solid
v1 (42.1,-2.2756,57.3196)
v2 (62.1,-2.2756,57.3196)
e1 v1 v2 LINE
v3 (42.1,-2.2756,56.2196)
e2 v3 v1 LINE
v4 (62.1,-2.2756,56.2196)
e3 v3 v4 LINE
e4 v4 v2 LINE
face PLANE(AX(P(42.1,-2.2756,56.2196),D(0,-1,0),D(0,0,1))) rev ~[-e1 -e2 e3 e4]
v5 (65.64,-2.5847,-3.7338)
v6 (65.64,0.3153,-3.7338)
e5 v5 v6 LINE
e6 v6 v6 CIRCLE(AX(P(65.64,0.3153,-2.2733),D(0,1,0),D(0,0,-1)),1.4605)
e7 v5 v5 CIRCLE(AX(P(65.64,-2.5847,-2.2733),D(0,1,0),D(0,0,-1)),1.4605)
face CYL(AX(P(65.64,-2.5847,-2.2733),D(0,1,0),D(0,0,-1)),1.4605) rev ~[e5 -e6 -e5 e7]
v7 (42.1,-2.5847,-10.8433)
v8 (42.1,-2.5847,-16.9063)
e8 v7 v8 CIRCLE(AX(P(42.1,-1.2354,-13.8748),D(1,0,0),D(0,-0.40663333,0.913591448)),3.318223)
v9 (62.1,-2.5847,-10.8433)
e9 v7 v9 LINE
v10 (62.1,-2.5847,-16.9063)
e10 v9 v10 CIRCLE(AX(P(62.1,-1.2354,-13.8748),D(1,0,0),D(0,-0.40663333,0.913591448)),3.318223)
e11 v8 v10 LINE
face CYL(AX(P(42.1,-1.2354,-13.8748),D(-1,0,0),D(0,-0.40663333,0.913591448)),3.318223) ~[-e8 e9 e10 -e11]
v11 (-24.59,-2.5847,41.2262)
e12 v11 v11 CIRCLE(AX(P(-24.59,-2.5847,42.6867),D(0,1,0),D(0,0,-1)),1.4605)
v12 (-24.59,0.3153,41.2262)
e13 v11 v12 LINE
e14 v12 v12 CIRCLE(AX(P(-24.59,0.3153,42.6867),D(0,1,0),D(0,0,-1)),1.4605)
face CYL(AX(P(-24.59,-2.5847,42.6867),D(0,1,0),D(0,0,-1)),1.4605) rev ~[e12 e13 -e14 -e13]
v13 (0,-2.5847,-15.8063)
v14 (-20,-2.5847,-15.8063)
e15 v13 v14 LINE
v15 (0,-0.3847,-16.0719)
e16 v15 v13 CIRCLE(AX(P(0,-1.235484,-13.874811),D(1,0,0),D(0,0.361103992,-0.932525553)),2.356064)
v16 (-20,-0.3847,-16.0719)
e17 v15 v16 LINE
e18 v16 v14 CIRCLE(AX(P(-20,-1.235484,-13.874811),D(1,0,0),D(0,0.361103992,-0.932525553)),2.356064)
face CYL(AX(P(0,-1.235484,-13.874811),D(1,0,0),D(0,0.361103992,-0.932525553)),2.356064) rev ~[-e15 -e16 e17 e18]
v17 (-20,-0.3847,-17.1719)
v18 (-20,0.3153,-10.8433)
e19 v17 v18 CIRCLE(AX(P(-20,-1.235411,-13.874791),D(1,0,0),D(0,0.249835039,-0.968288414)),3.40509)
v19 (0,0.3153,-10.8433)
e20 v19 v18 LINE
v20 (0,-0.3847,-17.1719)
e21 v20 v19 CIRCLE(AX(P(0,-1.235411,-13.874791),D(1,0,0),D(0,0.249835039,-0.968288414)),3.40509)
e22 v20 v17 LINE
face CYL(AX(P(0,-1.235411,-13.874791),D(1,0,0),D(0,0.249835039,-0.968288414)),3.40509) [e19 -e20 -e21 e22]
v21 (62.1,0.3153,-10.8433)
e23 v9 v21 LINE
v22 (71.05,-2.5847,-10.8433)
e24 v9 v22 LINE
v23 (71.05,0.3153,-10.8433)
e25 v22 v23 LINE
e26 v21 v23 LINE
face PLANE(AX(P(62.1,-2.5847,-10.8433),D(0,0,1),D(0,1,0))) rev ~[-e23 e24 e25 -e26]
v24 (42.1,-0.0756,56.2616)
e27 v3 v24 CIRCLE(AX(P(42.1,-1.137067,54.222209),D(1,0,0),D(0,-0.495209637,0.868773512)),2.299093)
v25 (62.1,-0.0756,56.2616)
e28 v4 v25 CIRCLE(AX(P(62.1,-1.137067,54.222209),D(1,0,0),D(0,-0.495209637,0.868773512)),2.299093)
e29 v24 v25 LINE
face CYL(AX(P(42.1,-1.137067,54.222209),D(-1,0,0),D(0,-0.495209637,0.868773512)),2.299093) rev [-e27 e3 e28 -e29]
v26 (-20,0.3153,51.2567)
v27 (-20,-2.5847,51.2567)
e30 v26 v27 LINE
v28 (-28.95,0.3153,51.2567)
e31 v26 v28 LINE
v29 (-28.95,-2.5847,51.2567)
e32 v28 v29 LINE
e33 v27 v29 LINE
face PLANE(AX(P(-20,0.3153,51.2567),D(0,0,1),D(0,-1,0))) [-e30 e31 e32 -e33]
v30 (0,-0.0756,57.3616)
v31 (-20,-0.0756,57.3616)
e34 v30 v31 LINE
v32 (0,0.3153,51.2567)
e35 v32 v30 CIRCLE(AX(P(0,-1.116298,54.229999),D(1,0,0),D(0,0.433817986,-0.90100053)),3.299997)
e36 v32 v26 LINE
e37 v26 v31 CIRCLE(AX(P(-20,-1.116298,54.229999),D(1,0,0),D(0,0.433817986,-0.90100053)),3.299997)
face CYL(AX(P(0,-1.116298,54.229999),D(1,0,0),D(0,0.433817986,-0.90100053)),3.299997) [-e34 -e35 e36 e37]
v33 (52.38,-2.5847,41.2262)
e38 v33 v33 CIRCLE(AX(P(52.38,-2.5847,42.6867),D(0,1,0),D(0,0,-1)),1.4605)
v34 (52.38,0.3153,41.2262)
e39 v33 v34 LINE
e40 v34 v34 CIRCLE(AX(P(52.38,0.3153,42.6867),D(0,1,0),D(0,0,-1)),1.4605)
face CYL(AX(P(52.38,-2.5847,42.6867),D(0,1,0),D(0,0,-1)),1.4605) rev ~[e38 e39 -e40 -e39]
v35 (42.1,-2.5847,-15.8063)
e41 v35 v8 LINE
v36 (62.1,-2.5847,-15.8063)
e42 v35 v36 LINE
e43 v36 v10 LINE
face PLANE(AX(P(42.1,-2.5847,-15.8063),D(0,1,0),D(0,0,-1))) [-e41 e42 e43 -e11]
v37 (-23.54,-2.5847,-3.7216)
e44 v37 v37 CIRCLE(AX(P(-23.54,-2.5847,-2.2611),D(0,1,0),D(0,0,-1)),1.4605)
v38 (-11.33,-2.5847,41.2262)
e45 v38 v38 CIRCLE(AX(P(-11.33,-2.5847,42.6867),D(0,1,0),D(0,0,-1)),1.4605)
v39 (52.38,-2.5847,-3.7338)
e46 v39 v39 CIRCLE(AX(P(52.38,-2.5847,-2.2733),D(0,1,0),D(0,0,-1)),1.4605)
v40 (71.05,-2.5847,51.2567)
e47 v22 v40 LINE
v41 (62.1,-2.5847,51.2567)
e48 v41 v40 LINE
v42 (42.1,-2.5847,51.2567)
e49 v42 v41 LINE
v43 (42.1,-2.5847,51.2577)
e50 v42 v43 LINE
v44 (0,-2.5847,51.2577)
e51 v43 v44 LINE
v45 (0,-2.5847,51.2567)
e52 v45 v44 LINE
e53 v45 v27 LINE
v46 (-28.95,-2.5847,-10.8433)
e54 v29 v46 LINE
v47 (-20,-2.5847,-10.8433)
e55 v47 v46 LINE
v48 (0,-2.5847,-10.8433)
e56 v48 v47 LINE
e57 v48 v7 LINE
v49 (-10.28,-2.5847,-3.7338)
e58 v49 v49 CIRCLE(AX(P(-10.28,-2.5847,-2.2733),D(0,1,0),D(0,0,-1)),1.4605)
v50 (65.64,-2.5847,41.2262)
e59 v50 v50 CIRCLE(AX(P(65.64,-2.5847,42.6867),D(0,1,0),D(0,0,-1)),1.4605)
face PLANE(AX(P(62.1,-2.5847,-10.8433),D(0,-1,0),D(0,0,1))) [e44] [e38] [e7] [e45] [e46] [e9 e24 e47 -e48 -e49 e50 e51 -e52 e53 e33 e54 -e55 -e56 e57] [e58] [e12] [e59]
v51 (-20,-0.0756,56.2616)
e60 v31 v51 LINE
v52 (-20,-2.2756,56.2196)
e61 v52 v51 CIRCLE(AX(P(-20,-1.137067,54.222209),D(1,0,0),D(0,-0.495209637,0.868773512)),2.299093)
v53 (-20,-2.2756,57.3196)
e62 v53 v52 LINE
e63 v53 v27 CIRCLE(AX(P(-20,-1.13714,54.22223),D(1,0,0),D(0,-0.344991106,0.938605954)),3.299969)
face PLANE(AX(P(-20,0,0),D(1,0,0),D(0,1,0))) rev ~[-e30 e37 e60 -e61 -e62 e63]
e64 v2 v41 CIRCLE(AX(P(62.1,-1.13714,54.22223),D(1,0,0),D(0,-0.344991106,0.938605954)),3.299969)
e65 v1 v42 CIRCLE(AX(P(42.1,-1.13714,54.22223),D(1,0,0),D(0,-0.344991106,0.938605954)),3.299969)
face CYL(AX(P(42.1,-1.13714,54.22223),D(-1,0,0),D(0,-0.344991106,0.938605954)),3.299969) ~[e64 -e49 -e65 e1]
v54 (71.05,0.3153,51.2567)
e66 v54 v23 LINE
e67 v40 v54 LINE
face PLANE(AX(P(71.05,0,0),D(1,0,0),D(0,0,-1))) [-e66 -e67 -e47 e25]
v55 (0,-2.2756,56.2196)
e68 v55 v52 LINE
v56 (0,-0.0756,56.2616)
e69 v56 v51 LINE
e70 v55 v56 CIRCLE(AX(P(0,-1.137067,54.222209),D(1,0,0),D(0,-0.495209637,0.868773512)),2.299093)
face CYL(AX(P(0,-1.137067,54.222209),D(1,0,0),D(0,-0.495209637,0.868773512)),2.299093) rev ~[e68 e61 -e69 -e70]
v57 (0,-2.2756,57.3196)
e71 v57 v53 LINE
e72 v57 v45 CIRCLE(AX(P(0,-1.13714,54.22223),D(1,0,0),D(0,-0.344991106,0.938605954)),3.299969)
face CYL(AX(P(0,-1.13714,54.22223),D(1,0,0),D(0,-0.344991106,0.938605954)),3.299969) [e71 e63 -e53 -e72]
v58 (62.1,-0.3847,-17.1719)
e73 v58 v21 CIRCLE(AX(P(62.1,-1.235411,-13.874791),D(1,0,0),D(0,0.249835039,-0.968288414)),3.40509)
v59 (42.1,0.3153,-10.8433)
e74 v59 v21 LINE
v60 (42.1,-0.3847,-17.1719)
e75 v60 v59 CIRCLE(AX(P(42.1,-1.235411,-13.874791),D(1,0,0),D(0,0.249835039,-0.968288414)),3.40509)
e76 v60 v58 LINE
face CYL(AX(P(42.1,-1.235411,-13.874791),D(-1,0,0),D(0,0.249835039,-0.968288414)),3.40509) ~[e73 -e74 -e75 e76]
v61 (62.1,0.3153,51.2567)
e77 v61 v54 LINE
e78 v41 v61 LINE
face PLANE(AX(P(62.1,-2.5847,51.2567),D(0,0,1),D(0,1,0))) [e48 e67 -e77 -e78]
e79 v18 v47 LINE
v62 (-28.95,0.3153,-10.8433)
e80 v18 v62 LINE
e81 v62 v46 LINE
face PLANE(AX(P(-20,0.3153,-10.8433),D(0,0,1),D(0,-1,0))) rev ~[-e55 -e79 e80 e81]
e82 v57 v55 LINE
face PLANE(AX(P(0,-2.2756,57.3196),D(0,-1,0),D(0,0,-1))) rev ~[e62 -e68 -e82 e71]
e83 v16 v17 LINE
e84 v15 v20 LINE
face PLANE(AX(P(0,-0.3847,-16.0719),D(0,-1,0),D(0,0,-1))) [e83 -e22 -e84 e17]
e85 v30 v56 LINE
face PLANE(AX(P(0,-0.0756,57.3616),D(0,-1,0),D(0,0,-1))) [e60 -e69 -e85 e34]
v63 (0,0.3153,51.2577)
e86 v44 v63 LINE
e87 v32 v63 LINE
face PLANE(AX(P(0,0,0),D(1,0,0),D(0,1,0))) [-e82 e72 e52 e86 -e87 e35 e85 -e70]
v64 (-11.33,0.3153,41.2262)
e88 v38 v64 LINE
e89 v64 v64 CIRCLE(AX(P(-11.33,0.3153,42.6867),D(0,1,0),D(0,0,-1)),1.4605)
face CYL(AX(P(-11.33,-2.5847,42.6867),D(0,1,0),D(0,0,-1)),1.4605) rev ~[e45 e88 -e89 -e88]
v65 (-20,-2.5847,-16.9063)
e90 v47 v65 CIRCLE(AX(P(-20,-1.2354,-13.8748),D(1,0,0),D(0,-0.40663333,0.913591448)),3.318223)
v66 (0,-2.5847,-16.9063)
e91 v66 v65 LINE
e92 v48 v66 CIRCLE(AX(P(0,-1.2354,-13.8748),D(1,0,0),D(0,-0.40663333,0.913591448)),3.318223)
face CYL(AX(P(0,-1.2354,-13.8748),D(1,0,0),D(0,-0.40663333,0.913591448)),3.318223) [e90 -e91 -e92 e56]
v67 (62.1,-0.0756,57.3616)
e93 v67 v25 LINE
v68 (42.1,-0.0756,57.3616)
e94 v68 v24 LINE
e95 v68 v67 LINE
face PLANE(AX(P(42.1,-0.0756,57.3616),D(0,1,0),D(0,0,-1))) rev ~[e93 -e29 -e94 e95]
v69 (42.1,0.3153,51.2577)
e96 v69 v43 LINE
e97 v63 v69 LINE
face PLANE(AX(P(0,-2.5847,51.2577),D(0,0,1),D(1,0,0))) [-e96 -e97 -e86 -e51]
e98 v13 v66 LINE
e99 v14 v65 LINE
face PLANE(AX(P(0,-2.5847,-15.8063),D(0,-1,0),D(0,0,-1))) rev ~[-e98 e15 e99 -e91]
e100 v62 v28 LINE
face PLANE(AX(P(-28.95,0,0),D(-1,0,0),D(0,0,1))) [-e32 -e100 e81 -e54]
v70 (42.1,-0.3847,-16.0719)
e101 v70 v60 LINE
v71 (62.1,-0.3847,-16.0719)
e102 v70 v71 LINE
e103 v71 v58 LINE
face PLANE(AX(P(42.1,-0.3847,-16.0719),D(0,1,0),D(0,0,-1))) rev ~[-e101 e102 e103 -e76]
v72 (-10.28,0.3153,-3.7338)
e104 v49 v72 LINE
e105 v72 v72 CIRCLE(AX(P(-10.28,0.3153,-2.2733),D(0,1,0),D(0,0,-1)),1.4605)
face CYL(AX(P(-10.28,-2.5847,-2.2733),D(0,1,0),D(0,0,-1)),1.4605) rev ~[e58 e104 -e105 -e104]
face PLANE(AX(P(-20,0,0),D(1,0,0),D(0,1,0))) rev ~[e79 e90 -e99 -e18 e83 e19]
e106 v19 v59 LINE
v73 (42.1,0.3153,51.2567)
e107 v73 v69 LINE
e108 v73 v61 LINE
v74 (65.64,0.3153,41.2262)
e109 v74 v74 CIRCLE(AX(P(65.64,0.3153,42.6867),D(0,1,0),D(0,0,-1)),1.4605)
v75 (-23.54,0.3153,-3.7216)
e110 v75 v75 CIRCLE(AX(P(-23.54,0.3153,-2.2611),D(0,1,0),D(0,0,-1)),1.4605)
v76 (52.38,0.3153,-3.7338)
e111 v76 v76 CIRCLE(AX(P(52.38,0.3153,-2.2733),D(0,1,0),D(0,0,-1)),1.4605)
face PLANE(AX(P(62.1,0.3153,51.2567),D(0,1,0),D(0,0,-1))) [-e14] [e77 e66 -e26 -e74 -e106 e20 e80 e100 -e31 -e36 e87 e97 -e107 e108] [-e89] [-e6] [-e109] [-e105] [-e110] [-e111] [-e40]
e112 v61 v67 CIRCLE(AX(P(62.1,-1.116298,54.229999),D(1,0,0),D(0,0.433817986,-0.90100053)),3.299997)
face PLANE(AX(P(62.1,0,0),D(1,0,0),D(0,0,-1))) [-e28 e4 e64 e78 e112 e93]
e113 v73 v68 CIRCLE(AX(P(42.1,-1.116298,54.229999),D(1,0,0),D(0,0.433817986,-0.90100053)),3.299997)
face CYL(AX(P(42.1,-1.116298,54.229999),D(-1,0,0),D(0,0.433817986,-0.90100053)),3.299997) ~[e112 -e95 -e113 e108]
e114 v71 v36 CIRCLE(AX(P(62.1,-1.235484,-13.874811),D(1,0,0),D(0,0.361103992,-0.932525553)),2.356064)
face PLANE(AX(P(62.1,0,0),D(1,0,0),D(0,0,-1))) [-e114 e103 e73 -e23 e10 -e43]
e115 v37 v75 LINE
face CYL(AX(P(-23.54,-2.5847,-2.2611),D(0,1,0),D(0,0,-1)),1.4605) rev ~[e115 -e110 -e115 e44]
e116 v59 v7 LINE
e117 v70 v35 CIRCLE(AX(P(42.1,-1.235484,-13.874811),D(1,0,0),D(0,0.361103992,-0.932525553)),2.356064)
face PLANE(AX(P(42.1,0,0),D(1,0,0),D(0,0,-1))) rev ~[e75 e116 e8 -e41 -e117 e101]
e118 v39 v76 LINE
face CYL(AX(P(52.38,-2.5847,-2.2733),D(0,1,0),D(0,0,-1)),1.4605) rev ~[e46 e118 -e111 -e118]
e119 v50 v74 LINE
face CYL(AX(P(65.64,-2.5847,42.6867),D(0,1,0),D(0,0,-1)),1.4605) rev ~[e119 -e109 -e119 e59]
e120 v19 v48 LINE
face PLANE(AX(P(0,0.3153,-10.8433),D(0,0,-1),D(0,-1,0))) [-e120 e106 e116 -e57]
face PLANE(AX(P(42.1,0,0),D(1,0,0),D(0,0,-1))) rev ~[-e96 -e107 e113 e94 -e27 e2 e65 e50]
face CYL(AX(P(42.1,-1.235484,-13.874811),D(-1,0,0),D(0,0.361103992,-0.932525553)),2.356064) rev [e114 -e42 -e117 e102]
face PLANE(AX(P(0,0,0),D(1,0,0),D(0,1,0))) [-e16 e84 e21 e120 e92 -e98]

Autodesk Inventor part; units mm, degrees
ref_plane "YZ Plane" through (0, 0, 0) normal (1, 0, 0) x (0, 1, 0)
ref_plane "XZ Plane" through (0, 0, 0) normal (0, 1, 0) x (-1, 0, 0)
ref_plane "XY Plane" through (0, 0, 0) normal (0, 0, 1) x (1, 0, 0)
sketch "Sketch1" plane through (0, 0, 0) normal (1, 0, 0) x (0, 1, 0)
  line L0 (0.3153, 51.2567) -> (-2.5847, 51.2567)
  line L1 (-2.5847, 51.2567) -> (-2.5847, -10.8433)
  line L2 (-2.5847, -10.8433) -> (0.3153, -10.8433)
  line L3 (0.3153, -10.8433) -> (0.3153, 51.2567)
  arc A0 (0.3153, 51.2567) -> (-0.0756, 57.3616) centre (-1.1163, 54.23) ccw
  arc A1 (-2.2756, 57.3196) -> (-2.5847, 51.2567) centre (-1.1371, 54.2222) ccw
  line L4 (-2.2756, 57.3196) -> (-2.2756, 56.2196)
  line L5 (-0.0756, 57.3616) -> (-0.0756, 56.2616)
  arc A2 (-2.2756, 56.2196) -> (-0.0756, 56.2616) centre (-1.1371, 54.2222) ccw
  arc A3 (-2.5847, -10.8433) -> (-2.5847, -16.9063) centre (-1.2354, -13.8748) ccw
  arc A4 (-0.3847, -16.0719) -> (-2.5847, -15.8063) centre (-1.2354, -13.8748) ccw
  arc A5 (-0.3847, -17.1719) -> (0.3153, -10.8433) centre (-1.2354, -13.8748) ccw
  line L6 (-2.5847, -15.8063) -> (-2.5847, -16.9063)
  line L7 (-0.3847, -16.0719) -> (-0.3847, -17.1719)
  point P0 (0, 0)
  dimension "d0" = 2.9
  dimension "d1" = 62.1
  dimension "d163" = 1.1
  dimension "d164" = 1.1
  dimension "d165" = 2.2
  dimension "d166" = 2.2991
  dimension "d167" = 3.3
  dimension "d168" = 3.3
  dimension "d171" = 6.063
  dimension "d172" = 6.1049
  dimension "d174" = 6.063
  dimension "d176" = 1.1
  dimension "d177" = 1.1
  dimension "d178" = 2.2
extrude "Extrusion1" add sketch "Sketch1" against normal blind 20
sketch "Sketch3" plane through (0, 0, 0) normal (1, 0, 0) x (0, 0, -1)
  line L0 (10.8433, -2.5847) -> (-51.2567, -2.5847)
  line L1 (-51.2567, 0.3153) -> (10.8433, 0.3153)
  line L2 (10.8433, 0.3153) -> (10.8433, -2.5847)
  line L3 (10.8433, -2.5847) -> (-51.2567, -2.5847)
  line L4 (-51.2567, -2.5847) -> (-51.2567, 0.3153)
  point P0 (0, 0)
extrude "Extrusion2" add sketch "Sketch3" along normal blind 42.1
sketch "Sketch4" plane through (42.1, 0, 0) normal (1, 0, 0) x (0, 0, -1)
  line L0 (10.8433, -2.5847) -> (-51.2567, -2.5847)
  line L1 (10.8433, -2.5847) -> (-51.2567, -2.5847)
  line L2 (-51.2567, -2.5847) -> (-51.2567, 0.3153)
  line L3 (-51.2567, 0.3153) -> (10.8433, 0.3153)
  line L4 (10.8433, 0.3153) -> (10.8433, -2.5847)
  arc A0 (-57.3196, -2.2756) -> (-51.2567, -2.5847) centre (-54.2222, -1.1371) ccw
  arc A1 (-57.3196, -2.2756) -> (-51.2567, -2.5847) centre (-54.2222, -1.1371) ccw
  arc A2 (-51.2567, 0.3153) -> (-57.3616, -0.0756) centre (-54.23, -1.1163) ccw
  arc A3 (-51.2567, 0.3153) -> (-57.3616, -0.0756) centre (-54.2286, -1.1372) ccw
  arc A4 (-56.2196, -2.2756) -> (-56.2616, -0.0756) centre (-54.2222, -1.1371) ccw
  arc A5 (-56.2196, -2.2756) -> (-56.2616, -0.0756) centre (-54.2286, -1.1372) ccw
  line L5 (-56.2196, -2.2756) -> (-57.3196, -2.2756)
  line L6 (-56.2196, -2.2756) -> (-57.3196, -2.2756)
  line L7 (-57.3616, -0.0756) -> (-56.2616, -0.0756)
  line L8 (-56.2616, -0.0756) -> (-57.3616, -0.0756)
  arc A6 (-57.3196, -2.2756) -> (-51.2567, -2.5847) centre (-54.2222, -1.1371) ccw
  line L9 (-51.2567, -2.5847) -> (-51.2567, 0.3153)
  arc A7 (-51.2567, 0.3153) -> (-57.3616, -0.0756) centre (-54.23, -1.1163) ccw
  arc A8 (-56.2196, -2.2756) -> (-56.2616, -0.0756) centre (-54.2222, -1.1371) ccw
  line L10 (-57.3196, -2.2756) -> (-56.2196, -2.2756)
  line L11 (-56.2616, -0.0756) -> (-57.3616, -0.0756)
  line L12 (-56.2616, -0.0756) -> (-57.3616, -0.0756)
  line L13 (-56.2616, -0.0756) -> (-57.3616, -0.0756)
  arc A9 (10.8433, -2.5847) -> (16.9063, -2.5847) centre (13.8748, -1.2354) ccw
  arc A10 (10.8433, -2.5847) -> (16.9063, -2.5847) centre (13.8748, -1.2354) ccw
  arc A11 (17.1719, -0.3847) -> (10.8433, 0.3153) centre (13.8748, -1.2354) ccw
  arc A12 (17.1719, -0.3847) -> (10.8433, 0.3153) centre (13.8748, -1.2354) ccw
  arc A13 (16.0719, -0.3847) -> (15.8063, -2.5847) centre (13.8748, -1.2354) ccw
  arc A14 (16.0719, -0.3847) -> (15.8063, -2.5847) centre (13.8748, -1.2354) ccw
  line L14 (15.8063, -2.5847) -> (16.9063, -2.5847)
  line L15 (16.0719, -0.3847) -> (17.1719, -0.3847)
extrude "Extrusion3" add sketch "Sketch4" along normal blind 20 contours L0 L2 L3 L4 | L4 A11 L15 A13 L14 A9 | A0 L5 A4 L7 A3 L2 | A3 A2
sketch "Sketch9" plane through (0, -2.5847, 51.2567) normal (0, 0, 1) x (1, 0, 0)
  line L0 (0, 2.9) -> (42.1, 2.9) projected
  line L1 (0, 2.9) -> (42.1, 2.9)
  line L2 (42.1, 2.9) -> (42.1, 0)
  line L3 (42.1, 0) -> (0, 0)
  line L4 (0, 0) -> (0, 2.9)
  point P0 (0, 2.5847)
extrude "Extrusion4" add sketch "Sketch9" along normal blind 0.001
sketch "Sketch10" plane through (-20, 0, 0) normal (-1, 0, 0) x (0, 0, 1)
  arc A0 (51.2567, -2.5847) -> (57.3196, -2.2756) centre (54.2222, -1.1371) ccw
  line L0 (-10.8433, 0.3153) -> (-10.8433, -2.5847)
  line L1 (51.2567, -2.5847) -> (-10.8433, -2.5847)
  line L2 (-10.8433, -2.5847) -> (-10.8433, 0.3153)
  line L3 (-10.8433, 0.3153) -> (51.2567, 0.3153)
  line L4 (51.2567, 0.3153) -> (51.2567, -2.5847)
  point P0 (0, 0)
  point P1 (-10.8433, -2.5847)
extrude "Extrusion5" add sketch "Sketch10" along normal blind 8.95
sketch "Sketch11" plane through (62.1, 0, 0) normal (1, 0, 0) x (0, 0, -1)
  line L0 (10.8433, -2.5847) -> (10.8433, 0.3153)
  arc A0 (-51.2567, 0.3153) -> (-57.3616, -0.0756) centre (-54.23, -1.1163) ccw
  line L1 (10.8433, -2.5847) -> (-51.2567, -2.5847)
  line L2 (-51.2567, -2.5847) -> (-51.2567, 0.3153)
  line L3 (-51.2567, 0.3153) -> (10.8433, 0.3153)
  line L4 (10.8433, 0.3153) -> (10.8433, -2.5847)
  point P0 (0, 0)
  point P1 (-57.2033, 0.3153)
  point P2 (10.8433, 0.3153)
extrude "Extrusion6" add sketch "Sketch11" along normal blind 8.95
sketch "Sketch12" plane through (0, -2.5847, 57.2567) normal (0, -1, 0) x (1, 0, 0)
  line L0 (-20, -6) -> (-30, -6)
  line L1 (-30, -68.1) -> (-30, -6)
  point P0 (-24.59, -14.57)
  dimension "d133" = 8.57
  dimension "d134" = 5.41
hole "Hole5" at (-24.59, -2.5847, 42.6867) direction (0, 1, 0) diameter 2.921 end through all
sketch "Sketch13" plane through (0, -2.5847, 57.2567) normal (0, -1, 0) x (1, 0, 0)
  line L0 (0, -6) -> (-20, -6)
  circle A0 centre (-24.59, -14.57) radius 1.4605
  point P0 (-11.33, -14.57)
  dimension "d135" = 8.57
  dimension "d136" = 13.26
hole "Hole6" at (-11.33, -2.5847, 42.6867) direction (0, 1, 0) diameter 2.921 end through all
sketch "Sketch14" plane through (0, -2.5847, 57.2567) normal (0, -1, 0) x (1, 0, 0)
  line L0 (-28.95, -68.1) -> (-28.95, -6) projected
  circle A0 centre (-24.59, -14.57) radius 1.4605 projected
  point P0 (0, -57.2567)
  point P1 (-23.54, -59.5177)
  dimension "d137" = 5.41
  dimension "d138" = 44.96
hole "Hole7" at (-23.54, -2.5847, -2.2611) direction (0, 1, 0) diameter 2.921 end through all
sketch "Sketch15" plane through (0, -2.5847, 57.2567) normal (0, -1, 0) x (1, 0, 0)
  circle A0 centre (-11.33, -14.57) radius 1.4605 projected
  circle A1 centre (-23.54, -59.5177) radius 1.4605 projected
  point P0 (0, -57.2567)
  point P1 (-10.28, -59.53)
  dimension "d139" = 44.96
  dimension "d148" = 13.26
hole "Hole8" at (-10.28, -2.5847, -2.2733) direction (0, 1, 0) diameter 2.921 end through all
sketch "Sketch17" plane through (0, -2.5847, 57.2567) normal (0, -1, 0) x (1, 0, 0)
  line L0 (71.05, -6) -> (71.05, -68.1) projected
  line L1 (62.1, -6) -> (71.05, -6) projected
  point P0 (0, -57.2567)
  point P1 (65.64, -14.57)
  dimension "d142" = 5.41
  dimension "d147" = 8.57
hole "Hole10" at (65.64, -2.5847, 42.6867) direction (0, 1, 0) diameter 2.921 end through all
sketch "Sketch16" plane through (0, -2.5847, 57.2567) normal (0, -1, 0) x (1, 0, 0)
  circle A0 centre (65.64, -14.57) radius 1.4605 projected
  line L0 (42.1, -6) -> (62.1, -6) projected
  point P0 (0, -57.2567)
  point P1 (52.38, -14.57)
  dimension "d144" = 13.26
  dimension "d146" = 8.57
hole "Hole9" at (52.38, -2.5847, 42.6867) direction (0, 1, 0) diameter 2.921 end through all
sketch "Sketch19" plane through (0, -2.5847, 57.2567) normal (0, -1, 0) x (1, 0, 0)
  circle A0 centre (65.64, -14.57) radius 1.4605 projected
  line L0 (71.05, -6) -> (71.05, -68.1) projected
  point P0 (0, -57.2567)
  point P1 (65.64, -59.53)
  dimension "d141" = 44.96
  dimension "d143" = 5.41
hole "Hole12" at (65.64, -2.5847, -2.2733) direction (0, 1, 0) diameter 2.921 end through all
sketch "Sketch18" plane through (0, -2.5847, 57.2567) normal (0, -1, 0) x (1, 0, 0)
  circle A0 centre (52.38, -14.57) radius 1.4605 projected
  circle A1 centre (65.64, -59.53) radius 1.4605 projected
  point P0 (0, -57.2567)
  point P1 (52.38, -59.53)
  dimension "d140" = 44.96
  dimension "d145" = 13.26
hole "Hole11" at (52.38, -2.5847, -2.2733) direction (0, 1, 0) diameter 2.921 end through all
